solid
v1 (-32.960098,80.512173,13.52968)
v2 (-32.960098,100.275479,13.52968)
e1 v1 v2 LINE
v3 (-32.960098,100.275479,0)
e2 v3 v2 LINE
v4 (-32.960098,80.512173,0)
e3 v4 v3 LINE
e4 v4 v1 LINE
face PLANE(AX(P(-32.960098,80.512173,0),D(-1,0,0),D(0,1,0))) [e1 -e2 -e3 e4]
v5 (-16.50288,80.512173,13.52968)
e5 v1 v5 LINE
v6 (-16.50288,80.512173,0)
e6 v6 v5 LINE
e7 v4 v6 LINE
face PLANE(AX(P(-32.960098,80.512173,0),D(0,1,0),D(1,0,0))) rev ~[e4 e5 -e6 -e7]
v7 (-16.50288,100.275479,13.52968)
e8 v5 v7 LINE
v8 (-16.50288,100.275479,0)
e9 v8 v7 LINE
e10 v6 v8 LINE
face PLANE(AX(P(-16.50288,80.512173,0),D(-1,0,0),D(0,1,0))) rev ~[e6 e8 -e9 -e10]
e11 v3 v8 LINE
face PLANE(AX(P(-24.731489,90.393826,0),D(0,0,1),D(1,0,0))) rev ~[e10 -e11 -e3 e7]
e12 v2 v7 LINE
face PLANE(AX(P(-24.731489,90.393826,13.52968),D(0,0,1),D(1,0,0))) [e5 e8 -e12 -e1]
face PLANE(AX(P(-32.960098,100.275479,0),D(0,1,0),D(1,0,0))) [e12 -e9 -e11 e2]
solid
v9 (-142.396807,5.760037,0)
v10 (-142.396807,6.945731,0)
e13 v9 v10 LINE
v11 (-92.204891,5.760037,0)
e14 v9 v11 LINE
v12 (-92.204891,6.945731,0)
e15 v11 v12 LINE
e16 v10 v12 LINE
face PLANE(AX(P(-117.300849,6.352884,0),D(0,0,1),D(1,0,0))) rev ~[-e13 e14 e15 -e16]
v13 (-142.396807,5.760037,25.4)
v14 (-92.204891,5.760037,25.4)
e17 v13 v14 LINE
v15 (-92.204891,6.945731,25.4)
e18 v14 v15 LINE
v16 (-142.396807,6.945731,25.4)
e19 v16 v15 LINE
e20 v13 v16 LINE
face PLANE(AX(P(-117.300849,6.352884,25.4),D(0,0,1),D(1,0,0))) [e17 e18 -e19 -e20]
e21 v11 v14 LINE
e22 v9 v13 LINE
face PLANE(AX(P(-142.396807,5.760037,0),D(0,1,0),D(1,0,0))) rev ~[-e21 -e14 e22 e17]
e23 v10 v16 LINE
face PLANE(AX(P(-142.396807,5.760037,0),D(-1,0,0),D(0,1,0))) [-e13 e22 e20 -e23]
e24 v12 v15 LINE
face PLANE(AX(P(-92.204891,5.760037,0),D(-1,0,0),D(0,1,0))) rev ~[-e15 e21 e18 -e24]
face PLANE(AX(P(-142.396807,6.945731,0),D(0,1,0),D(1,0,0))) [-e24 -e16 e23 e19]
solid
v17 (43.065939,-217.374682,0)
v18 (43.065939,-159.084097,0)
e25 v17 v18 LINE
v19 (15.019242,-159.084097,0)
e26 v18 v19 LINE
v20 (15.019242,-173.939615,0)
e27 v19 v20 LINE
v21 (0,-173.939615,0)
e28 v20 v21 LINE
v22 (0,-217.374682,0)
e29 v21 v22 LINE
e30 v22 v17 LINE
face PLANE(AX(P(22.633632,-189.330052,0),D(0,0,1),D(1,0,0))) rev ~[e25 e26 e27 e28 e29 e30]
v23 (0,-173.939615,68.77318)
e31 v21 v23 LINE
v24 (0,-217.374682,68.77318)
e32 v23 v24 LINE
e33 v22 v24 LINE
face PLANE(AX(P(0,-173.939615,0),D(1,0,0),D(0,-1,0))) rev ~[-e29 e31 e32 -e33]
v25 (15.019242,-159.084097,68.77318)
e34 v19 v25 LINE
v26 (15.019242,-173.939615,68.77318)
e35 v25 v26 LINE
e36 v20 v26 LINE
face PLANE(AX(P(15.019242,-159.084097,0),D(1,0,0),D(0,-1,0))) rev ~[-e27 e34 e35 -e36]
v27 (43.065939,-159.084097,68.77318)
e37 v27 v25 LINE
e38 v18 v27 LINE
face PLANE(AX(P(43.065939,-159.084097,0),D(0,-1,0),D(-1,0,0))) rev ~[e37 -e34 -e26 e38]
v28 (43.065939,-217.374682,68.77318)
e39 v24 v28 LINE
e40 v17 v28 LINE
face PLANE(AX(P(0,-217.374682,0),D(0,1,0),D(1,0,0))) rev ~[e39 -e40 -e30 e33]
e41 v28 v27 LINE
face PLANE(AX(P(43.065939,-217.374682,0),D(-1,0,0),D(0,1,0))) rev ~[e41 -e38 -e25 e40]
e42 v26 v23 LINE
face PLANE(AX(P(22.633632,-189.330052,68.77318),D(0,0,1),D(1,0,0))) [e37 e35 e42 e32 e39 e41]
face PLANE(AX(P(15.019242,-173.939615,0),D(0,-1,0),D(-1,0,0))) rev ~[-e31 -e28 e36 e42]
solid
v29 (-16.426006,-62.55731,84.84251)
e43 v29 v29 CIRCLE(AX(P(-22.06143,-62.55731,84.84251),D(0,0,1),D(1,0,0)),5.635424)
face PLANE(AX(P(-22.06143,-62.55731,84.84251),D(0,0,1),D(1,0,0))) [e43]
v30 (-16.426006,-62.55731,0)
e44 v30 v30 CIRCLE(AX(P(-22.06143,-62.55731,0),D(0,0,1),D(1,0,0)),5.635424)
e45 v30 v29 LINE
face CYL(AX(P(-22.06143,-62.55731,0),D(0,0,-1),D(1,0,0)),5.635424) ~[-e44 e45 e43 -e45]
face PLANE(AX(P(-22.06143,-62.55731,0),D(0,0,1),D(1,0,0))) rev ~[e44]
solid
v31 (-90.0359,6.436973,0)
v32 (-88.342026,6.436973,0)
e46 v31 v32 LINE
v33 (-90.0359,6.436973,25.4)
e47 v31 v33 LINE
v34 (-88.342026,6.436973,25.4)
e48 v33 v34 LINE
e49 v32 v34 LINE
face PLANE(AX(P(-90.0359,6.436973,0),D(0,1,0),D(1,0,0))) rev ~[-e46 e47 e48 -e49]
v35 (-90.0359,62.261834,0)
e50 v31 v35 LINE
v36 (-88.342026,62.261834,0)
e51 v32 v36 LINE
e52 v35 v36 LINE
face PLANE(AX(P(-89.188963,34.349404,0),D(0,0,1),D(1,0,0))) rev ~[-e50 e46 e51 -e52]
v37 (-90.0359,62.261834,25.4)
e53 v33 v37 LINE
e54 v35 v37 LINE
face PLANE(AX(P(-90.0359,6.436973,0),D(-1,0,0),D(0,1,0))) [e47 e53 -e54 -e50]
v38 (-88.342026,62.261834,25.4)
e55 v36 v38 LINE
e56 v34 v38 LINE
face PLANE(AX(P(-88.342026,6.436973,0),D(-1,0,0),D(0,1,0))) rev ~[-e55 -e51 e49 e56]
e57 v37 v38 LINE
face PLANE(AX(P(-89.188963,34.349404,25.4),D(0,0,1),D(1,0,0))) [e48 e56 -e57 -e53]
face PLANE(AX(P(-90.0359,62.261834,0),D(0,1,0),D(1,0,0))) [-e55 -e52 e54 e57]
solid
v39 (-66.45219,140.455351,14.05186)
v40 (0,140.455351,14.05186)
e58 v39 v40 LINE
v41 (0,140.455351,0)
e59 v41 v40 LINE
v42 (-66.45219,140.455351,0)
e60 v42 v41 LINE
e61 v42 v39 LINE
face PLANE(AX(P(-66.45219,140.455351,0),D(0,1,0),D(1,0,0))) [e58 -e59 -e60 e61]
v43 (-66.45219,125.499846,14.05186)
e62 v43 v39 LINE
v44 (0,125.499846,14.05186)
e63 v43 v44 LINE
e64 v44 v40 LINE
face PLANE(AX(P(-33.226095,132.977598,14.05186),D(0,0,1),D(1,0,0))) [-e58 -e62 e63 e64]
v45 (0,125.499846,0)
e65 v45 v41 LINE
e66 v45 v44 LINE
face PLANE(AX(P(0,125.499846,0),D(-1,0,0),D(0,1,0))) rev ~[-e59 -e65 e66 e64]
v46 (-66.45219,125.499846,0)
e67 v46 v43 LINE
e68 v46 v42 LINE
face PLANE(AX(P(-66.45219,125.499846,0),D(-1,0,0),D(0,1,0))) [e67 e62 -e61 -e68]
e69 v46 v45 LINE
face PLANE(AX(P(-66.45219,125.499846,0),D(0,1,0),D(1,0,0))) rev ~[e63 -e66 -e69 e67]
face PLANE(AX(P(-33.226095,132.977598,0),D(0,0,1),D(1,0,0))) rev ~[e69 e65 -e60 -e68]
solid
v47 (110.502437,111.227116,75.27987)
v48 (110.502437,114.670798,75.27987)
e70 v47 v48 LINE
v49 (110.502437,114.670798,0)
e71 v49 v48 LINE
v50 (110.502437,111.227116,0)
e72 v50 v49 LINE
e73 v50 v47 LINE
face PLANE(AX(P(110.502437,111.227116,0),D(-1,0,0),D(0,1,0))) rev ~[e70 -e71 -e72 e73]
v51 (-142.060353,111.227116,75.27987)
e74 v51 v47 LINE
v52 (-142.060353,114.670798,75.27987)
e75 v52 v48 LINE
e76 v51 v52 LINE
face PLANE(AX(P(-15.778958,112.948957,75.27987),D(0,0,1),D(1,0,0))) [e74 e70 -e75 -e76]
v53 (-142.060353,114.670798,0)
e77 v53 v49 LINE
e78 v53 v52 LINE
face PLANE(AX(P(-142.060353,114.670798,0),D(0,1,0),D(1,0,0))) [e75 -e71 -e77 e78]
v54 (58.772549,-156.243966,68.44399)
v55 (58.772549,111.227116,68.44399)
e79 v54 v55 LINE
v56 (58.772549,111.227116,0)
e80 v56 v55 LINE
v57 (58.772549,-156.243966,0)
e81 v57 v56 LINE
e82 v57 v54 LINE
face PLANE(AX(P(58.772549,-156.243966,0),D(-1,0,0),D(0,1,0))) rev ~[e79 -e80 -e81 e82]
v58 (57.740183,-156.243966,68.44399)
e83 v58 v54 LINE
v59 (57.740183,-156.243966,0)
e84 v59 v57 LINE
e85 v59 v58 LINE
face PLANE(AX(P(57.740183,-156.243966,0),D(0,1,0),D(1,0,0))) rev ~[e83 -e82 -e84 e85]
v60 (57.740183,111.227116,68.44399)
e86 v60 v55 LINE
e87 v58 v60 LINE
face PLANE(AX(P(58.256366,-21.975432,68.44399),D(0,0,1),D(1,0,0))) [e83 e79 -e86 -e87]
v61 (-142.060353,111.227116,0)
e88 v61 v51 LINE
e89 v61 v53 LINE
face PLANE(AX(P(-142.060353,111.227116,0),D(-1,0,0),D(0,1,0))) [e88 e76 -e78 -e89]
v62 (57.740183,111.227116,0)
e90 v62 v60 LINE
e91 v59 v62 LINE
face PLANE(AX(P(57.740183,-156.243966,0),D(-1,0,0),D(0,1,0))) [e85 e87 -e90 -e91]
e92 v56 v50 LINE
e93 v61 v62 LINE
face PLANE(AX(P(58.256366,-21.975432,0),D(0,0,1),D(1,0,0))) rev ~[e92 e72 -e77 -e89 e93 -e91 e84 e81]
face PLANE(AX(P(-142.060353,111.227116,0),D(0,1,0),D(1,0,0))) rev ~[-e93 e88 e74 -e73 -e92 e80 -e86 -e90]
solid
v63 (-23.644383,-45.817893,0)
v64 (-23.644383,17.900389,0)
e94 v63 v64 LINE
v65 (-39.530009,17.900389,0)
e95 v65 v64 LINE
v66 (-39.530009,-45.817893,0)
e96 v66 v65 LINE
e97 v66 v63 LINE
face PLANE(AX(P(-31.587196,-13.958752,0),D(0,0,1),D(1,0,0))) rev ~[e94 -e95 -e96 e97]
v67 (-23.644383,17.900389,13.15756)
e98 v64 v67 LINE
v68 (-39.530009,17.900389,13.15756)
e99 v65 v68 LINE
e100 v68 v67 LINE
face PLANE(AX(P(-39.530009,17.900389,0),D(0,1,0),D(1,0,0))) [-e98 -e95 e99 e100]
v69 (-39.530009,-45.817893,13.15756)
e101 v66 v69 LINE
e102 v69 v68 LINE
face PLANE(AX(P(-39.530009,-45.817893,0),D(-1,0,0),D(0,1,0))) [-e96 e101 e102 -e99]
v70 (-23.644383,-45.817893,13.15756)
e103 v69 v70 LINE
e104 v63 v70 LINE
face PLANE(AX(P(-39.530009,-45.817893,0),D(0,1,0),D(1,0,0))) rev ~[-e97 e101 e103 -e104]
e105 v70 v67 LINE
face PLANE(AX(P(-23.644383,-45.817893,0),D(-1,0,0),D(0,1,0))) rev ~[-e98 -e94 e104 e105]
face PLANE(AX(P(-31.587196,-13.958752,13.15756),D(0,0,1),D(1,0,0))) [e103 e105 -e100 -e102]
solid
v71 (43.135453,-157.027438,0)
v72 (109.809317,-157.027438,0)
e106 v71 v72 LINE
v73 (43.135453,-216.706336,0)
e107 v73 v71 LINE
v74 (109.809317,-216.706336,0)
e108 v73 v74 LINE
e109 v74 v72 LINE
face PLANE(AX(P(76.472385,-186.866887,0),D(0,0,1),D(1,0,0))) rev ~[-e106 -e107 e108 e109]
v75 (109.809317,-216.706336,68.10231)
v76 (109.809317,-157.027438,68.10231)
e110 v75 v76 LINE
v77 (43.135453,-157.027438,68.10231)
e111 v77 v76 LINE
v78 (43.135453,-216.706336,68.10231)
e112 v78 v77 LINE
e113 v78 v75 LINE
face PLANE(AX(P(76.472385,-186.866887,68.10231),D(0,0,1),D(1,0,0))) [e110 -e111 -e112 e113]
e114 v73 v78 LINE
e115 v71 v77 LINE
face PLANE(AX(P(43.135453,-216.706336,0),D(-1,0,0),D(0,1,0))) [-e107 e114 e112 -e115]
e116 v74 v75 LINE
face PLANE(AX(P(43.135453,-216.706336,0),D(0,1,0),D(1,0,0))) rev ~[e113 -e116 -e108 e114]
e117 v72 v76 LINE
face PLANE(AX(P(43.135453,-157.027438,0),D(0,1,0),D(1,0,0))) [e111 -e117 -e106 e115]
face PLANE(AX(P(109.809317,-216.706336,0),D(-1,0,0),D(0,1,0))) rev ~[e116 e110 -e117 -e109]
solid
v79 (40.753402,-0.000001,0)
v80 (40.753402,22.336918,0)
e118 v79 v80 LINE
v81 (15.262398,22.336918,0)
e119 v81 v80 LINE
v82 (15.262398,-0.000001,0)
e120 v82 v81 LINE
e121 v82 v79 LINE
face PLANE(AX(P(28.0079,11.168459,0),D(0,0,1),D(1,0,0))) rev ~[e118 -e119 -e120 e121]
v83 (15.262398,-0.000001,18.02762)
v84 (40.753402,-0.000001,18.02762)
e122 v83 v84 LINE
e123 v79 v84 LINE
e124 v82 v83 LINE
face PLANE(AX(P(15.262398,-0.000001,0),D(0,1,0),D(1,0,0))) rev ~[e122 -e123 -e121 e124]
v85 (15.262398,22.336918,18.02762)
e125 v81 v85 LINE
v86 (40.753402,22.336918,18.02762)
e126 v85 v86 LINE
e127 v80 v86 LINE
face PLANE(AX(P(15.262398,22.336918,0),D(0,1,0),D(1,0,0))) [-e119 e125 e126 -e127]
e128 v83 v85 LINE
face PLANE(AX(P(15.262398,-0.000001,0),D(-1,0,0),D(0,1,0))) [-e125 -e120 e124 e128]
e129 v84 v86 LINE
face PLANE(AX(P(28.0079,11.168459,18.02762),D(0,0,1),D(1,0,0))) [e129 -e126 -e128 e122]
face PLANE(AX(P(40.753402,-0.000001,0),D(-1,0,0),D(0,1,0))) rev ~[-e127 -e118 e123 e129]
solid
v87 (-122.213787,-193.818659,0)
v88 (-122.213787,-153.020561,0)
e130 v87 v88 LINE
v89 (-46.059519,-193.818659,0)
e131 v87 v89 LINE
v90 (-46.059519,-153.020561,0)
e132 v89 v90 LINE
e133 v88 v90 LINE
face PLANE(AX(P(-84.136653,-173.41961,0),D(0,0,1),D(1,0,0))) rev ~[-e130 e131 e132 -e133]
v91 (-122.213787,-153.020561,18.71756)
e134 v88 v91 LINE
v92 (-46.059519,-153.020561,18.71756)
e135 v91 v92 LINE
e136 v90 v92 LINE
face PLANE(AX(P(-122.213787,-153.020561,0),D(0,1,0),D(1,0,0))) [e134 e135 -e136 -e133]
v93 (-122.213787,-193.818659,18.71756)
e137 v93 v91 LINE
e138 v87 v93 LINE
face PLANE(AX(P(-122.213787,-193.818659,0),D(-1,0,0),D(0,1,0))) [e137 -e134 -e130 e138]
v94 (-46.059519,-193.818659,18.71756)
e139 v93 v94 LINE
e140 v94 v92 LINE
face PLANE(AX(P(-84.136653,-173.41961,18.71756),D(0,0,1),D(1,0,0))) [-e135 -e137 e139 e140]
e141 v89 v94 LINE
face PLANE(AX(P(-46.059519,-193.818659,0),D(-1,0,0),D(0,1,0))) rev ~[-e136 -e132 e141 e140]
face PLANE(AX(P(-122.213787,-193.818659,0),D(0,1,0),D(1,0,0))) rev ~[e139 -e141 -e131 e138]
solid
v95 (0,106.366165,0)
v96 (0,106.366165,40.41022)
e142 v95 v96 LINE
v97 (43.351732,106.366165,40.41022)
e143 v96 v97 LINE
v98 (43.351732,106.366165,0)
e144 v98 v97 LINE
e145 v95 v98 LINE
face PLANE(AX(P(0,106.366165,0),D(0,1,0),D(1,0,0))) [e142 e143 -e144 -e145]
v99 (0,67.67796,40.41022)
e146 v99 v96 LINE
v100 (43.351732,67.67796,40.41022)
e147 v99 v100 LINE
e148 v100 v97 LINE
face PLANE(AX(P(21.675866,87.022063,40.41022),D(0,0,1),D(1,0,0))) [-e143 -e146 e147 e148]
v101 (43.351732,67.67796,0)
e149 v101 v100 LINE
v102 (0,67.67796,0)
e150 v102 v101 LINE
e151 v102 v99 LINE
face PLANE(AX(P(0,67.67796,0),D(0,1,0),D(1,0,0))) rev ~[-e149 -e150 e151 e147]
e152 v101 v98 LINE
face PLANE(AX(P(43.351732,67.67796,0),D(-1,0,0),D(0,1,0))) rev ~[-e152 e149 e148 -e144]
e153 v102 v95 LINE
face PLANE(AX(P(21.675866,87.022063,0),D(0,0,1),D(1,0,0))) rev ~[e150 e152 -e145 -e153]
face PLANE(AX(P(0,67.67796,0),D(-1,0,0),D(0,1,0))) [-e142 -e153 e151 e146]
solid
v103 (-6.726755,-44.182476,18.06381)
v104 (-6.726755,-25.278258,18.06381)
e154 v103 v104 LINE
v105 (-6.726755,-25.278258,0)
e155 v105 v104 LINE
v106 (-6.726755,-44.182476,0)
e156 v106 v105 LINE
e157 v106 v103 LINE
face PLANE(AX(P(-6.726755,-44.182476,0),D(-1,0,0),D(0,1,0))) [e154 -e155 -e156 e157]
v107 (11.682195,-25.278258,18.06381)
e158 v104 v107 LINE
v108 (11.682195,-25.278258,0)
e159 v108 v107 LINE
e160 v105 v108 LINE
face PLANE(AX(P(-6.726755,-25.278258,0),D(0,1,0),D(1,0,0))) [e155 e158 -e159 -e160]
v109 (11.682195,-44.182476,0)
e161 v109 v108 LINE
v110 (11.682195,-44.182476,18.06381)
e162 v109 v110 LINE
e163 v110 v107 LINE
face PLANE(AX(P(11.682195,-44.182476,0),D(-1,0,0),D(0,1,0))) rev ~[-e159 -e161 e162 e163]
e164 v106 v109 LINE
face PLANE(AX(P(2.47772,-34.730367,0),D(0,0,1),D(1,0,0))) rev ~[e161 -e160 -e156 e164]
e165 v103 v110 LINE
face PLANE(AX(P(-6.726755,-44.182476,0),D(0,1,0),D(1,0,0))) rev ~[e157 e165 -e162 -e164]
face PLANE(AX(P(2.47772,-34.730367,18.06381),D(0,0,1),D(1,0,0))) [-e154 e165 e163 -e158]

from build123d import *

# Parameters (mm, degrees)
F1_DEPTH  = 68.77318
F2_W      = 66.673864
F2_H      = 59.678898
F3_DEPTH  = 68.10231
F4_W      = 76.154269
F4_H      = 40.798098
F5_DEPTH  = 18.71756
F6_W      = 15.885625
F6_H      = 63.718282
F7_DEPTH  = 13.15756
F8_W      = 18.40895
F8_H      = 18.904217
F9_DEPTH  = 18.06381
F10_W     = 43.351732
F10_H     = 38.688205
F11_DEPTH = 40.41022
F12_W     = 16.457217
F12_H     = 19.763306
F13_DEPTH = 13.52968
F14_W     = 66.45219
F14_H     = 14.955505
F15_DEPTH = 14.05186
F16_W     = 25.491005
F16_H     = 22.336919
F17_DEPTH = 18.02762
F18_W     = 50.191917
F18_H     = 1.185694
F19_DEPTH = 25.4
F20_W     = 1.693874
F20_H     = 55.824861
F21_DEPTH = 25.4
F22_W     = 252.562791
F22_H     = 3.443681
F23_DEPTH = 75.27987
F25_W     = 1.032367
F25_H     = 268.537067
F26_DEPTH = 68.44399
F27_R     = 5.635424
F28_DEPTH = 84.84251


with BuildPart() as f1:
    # F0 (on Top) → F1 (new body)
    with BuildSketch(Plane.XY):
        Polygon((43.065939, -217.374682), (43.065939, -214.579239), (43.065939, -159.084097), (15.019242, -159.084097), (15.019242, -173.939615), (0, -173.939615), (0, -217.374682), align=None)
    extrude(amount=F1_DEPTH)


with BuildPart() as f3:
    # F2 (on Top) → F3 (new body)
    with BuildSketch(Plane.XY):
        with Locations((76.472385, -186.866887)):
            Rectangle(F2_W, F2_H)
    extrude(amount=F3_DEPTH)


with BuildPart() as f5:
    # F4 (on Top) → F5 (new body)
    with BuildSketch(Plane.XY):
        with Locations((-84.136653, -173.41961)):
            Rectangle(F4_W, F4_H)
    extrude(amount=F5_DEPTH)


with BuildPart() as f7:
    # F6 (on Top) → F7 (new body)
    with BuildSketch(Plane.XY):
        with Locations((-31.587196, -13.958752)):
            Rectangle(F6_W, F6_H)
    extrude(amount=F7_DEPTH)


with BuildPart() as f9:
    # F8 (on Top) → F9 (new body)
    with BuildSketch(Plane.XY):
        with Locations((2.47772, -34.730367)):
            Rectangle(F8_W, F8_H)
    extrude(amount=F9_DEPTH)


with BuildPart() as f11:
    # F10 (on Top) → F11 (new body)
    with BuildSketch(Plane.XY):
        with Locations((21.675866, 87.022063)):
            Rectangle(F10_W, F10_H)
    extrude(amount=F11_DEPTH)


with BuildPart() as f13:
    # F12 (on Top) → F13 (new body)
    with BuildSketch(Plane.XY):
        with Locations((-24.731489, 90.393826)):
            Rectangle(F12_W, F12_H)
    extrude(amount=F13_DEPTH)


with BuildPart() as f15:
    # F14 (on Top) → F15 (new body)
    with BuildSketch(Plane.XY):
        with Locations((-33.226095, 132.977598)):
            Rectangle(F14_W, F14_H)
    extrude(amount=F15_DEPTH)


with BuildPart() as f17:
    # F16 (on Top) → F17 (new body)
    with BuildSketch(Plane.XY):
        with Locations((28.0079, 11.168459)):
            Rectangle(F16_W, F16_H)
    extrude(amount=F17_DEPTH)


with BuildPart() as f19:
    # F18 (on Top) → F19 (new body)
    with BuildSketch(Plane.XY):
        with Locations((-117.300849, 6.352884)):
            Rectangle(F18_W, F18_H)
    extrude(amount=F19_DEPTH)


with BuildPart() as f21:
    # F20 (on Top) → F21 (new body)
    with BuildSketch(Plane.XY):
        with Locations((-89.188963, 34.349404)):
            Rectangle(F20_W, F20_H)
    extrude(amount=F21_DEPTH)


with BuildPart() as f23:
    # F22 (on Top) → F23 (new body)
    with BuildSketch(Plane.XY):
        with Locations((-15.778958, 112.948957)):
            Rectangle(F22_W, F22_H)
    extrude(amount=F23_DEPTH)

    # F25 (on Top) → F26 (join)
    with BuildSketch(Plane.XY):
        with Locations((58.256366, -21.975432)):
            Rectangle(F25_W, F25_H)
    extrude(amount=F26_DEPTH)


with BuildPart() as f28:
    # F27 (on Top) → F28 (new body)
    with BuildSketch(Plane.XY):
        with Locations((-22.06143, -62.55731)):
            Circle(F27_R)
    extrude(amount=F28_DEPTH)


solid = Compound([f1.part, f3.part, f5.part, f7.part, f9.part, f11.part, f13.part, f15.part, f17.part, f19.part, f21.part, f23.part, f28.part])
